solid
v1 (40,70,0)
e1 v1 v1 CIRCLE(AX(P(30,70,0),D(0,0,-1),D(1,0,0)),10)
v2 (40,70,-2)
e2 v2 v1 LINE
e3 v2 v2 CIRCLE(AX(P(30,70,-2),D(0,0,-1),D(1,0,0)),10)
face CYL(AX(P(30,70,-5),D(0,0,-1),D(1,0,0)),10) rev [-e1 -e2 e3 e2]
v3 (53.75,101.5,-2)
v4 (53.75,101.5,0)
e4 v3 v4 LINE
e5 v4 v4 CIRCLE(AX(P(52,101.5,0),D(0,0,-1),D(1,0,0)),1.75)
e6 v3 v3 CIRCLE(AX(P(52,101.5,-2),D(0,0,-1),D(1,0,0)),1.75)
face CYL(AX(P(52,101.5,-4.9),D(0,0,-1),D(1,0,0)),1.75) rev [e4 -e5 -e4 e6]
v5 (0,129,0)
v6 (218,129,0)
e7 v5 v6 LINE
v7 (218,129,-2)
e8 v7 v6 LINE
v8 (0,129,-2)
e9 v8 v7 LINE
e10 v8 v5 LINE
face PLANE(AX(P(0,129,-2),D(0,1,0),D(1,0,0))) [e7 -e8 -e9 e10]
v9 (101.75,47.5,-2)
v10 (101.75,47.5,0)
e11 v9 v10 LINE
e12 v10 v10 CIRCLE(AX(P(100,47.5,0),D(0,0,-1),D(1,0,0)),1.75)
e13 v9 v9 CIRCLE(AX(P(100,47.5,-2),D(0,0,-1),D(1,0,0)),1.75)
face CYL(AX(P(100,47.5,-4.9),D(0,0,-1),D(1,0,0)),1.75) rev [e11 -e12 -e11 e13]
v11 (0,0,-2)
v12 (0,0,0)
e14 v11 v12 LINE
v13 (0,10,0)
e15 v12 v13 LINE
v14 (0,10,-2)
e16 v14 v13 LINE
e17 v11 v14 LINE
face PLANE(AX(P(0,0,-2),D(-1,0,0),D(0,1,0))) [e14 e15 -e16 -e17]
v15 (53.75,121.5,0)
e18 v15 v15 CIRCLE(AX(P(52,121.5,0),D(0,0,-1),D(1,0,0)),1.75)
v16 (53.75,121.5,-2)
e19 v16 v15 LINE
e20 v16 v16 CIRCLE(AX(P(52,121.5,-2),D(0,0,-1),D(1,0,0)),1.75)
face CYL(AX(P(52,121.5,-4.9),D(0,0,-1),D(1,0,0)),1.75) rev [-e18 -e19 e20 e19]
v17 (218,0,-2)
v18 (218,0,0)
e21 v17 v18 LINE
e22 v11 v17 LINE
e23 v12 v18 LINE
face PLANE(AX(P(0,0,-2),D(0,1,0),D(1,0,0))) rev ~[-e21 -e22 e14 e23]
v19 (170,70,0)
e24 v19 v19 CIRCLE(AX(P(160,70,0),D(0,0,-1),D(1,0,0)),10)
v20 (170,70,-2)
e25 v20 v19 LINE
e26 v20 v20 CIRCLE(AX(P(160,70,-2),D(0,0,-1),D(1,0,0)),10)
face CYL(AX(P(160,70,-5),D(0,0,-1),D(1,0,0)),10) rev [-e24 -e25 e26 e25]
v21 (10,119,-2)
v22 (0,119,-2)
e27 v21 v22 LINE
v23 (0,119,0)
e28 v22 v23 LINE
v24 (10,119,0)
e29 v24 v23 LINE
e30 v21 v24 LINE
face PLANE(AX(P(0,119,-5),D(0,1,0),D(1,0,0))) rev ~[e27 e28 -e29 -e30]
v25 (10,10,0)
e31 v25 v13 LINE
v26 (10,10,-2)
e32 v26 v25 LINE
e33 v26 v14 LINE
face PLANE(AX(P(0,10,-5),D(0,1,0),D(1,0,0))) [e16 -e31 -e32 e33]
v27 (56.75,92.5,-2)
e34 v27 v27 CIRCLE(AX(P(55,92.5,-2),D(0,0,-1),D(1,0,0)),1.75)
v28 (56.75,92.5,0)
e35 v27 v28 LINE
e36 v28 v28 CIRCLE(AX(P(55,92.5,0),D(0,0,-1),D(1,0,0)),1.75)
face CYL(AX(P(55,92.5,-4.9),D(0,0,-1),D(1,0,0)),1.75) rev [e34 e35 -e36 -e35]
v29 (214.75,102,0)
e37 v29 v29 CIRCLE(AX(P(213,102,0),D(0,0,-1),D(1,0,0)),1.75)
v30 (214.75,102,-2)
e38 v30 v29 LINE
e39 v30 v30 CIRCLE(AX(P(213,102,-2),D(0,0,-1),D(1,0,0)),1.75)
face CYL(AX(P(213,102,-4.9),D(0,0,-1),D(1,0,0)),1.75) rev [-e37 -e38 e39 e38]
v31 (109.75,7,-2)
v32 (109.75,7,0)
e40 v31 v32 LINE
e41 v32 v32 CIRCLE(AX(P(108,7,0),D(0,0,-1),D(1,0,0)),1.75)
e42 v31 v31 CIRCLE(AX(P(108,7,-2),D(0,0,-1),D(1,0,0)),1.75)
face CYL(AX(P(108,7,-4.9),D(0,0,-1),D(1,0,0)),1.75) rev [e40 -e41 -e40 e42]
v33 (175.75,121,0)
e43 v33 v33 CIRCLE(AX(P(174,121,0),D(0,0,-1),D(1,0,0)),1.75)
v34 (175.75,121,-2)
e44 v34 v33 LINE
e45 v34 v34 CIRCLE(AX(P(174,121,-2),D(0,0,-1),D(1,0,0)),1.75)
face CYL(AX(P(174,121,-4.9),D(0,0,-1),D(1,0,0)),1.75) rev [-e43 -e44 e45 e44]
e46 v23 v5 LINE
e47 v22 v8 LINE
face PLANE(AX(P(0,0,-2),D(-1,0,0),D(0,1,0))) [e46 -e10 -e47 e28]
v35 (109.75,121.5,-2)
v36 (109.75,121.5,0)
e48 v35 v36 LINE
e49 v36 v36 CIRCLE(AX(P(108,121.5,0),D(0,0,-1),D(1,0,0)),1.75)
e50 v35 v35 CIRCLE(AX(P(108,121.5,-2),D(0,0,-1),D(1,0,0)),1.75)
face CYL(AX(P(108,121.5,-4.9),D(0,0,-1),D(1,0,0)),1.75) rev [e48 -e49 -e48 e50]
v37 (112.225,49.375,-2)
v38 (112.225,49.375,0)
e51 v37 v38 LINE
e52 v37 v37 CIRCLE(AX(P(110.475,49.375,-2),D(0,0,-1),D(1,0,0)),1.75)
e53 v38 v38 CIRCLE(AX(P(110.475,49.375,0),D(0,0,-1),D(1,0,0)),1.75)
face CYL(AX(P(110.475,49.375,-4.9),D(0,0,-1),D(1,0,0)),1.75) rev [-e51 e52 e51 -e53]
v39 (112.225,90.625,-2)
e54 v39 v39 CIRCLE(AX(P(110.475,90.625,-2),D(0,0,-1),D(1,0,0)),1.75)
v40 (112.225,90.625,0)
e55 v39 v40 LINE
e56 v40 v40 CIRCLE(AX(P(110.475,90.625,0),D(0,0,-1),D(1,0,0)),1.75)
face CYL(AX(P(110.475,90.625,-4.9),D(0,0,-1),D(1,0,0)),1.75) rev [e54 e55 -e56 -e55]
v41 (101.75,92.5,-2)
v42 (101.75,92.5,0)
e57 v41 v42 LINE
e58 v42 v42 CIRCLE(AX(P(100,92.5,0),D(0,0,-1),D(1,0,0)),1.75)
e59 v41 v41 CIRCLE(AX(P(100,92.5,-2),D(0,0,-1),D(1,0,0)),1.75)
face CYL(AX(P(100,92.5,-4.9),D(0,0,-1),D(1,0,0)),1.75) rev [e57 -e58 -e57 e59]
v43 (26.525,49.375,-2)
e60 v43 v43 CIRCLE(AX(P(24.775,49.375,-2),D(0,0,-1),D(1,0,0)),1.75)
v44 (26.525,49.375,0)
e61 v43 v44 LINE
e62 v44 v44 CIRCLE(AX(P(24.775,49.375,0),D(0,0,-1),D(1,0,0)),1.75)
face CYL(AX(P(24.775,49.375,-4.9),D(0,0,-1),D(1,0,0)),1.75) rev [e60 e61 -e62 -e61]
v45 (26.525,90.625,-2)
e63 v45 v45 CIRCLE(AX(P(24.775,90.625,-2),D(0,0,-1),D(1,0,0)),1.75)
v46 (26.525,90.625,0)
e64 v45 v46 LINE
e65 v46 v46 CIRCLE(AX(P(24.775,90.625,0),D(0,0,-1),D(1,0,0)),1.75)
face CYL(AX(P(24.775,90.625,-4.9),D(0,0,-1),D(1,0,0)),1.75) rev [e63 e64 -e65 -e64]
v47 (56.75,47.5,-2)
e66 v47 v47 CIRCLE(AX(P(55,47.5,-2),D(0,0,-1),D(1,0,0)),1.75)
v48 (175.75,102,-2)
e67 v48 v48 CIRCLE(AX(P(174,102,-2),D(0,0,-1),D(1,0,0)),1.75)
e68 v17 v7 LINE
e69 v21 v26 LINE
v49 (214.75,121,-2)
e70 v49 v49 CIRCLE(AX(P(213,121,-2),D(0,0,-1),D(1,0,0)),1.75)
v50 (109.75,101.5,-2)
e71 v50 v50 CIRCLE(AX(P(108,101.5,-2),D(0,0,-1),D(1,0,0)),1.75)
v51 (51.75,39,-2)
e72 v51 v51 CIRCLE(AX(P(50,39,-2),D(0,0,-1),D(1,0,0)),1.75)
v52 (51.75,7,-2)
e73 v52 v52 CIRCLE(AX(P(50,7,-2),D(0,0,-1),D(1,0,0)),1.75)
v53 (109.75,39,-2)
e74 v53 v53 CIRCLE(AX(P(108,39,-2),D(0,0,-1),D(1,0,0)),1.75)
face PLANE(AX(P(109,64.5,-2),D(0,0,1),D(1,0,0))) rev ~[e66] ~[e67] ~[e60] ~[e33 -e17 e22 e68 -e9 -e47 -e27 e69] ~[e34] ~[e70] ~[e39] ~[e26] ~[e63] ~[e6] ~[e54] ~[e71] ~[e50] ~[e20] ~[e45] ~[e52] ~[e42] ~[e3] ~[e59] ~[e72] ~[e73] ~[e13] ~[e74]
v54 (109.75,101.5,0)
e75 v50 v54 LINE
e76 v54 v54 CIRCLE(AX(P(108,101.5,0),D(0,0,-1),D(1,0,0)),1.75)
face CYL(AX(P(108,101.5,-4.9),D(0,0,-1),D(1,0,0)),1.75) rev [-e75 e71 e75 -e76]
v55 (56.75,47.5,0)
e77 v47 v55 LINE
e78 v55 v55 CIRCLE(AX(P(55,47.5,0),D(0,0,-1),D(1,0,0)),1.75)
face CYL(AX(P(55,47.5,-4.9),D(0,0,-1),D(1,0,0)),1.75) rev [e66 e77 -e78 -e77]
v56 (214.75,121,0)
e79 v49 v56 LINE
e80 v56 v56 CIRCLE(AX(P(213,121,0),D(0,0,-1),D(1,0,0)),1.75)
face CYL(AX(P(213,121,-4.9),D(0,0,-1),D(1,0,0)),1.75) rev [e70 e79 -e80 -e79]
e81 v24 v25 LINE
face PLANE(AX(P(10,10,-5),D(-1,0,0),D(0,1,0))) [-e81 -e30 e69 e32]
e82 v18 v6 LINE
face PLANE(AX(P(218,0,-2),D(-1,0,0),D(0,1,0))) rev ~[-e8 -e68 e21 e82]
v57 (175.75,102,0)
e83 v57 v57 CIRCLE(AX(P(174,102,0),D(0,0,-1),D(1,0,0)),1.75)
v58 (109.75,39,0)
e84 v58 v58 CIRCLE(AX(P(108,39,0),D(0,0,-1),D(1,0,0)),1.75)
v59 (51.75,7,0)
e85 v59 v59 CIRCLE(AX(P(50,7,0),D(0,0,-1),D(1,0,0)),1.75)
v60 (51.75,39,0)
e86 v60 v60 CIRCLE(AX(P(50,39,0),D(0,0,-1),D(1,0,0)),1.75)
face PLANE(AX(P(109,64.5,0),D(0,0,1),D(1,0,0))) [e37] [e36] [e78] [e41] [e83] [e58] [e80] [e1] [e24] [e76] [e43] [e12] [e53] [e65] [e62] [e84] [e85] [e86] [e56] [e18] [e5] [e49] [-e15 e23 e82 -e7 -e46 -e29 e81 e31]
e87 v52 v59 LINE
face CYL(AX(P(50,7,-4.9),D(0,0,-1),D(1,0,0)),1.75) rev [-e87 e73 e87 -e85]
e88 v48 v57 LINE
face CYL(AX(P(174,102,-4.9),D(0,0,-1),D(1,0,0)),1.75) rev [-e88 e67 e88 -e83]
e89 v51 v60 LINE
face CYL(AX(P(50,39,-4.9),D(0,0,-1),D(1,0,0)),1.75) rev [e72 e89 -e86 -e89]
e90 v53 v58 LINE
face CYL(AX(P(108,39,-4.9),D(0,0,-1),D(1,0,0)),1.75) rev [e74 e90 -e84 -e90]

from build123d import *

# Parameters (mm, degrees)
CYLINDER007_R     = 1.75
CYLINDER007_DEPTH = 5
CYLINDER006_R     = 1.75
CYLINDER006_DEPTH = 5
CYLINDER005_R     = 1.75
CYLINDER005_DEPTH = 5
CYLINDER004_R     = 1.75
CYLINDER004_DEPTH = 5
CUBE002_W         = 85
CUBE002_H         = 27
CUBE002_DEPTH     = 17
CYLINDER011_R     = 1.75
CYLINDER011_DEPTH = 5
CYLINDER010_R     = 1.75
CYLINDER010_DEPTH = 5
CYLINDER009_R     = 1.75
CYLINDER009_DEPTH = 5
CYLINDER008_R     = 1.75
CYLINDER008_DEPTH = 5
CUBE003_W         = 95.25
CUBE003_H         = 50.8
CUBE003_DEPTH     = 20.32
CYLINDER015_R     = 1.75
CYLINDER015_DEPTH = 5
CYLINDER014_R     = 1.75
CYLINDER014_DEPTH = 5
CYLINDER013_R     = 1.75
CYLINDER013_DEPTH = 5
CYLINDER012_R     = 1.75
CYLINDER012_DEPTH = 5
CUBE004_W         = 65
CUBE004_H         = 38
CUBE004_DEPTH     = 10
CUBE005_W         = 10
CUBE005_H         = 109
CUBE005_DEPTH     = 10
CYLINDER019_R     = 1.75
CYLINDER019_DEPTH = 5
CYLINDER018_R     = 1.75
CYLINDER018_DEPTH = 5
CYLINDER017_R     = 1.75
CYLINDER017_DEPTH = 5
CYLINDER016_R     = 1.75
CYLINDER016_DEPTH = 5
CUBE006_W         = 55
CUBE006_H         = 55
CUBE006_DEPTH     = 10
CYLINDER020_R     = 10
CYLINDER020_DEPTH = 20
CYLINDER021_R     = 10
CYLINDER021_DEPTH = 20
CYLINDER003_R     = 1.75
CYLINDER003_DEPTH = 5
CYLINDER002_R     = 1.75
CYLINDER002_DEPTH = 5
CYLINDER001_R     = 1.75
CYLINDER001_DEPTH = 5
CYLINDER_R        = 1.75
CYLINDER_DEPTH    = 5
CUBE001_W         = 45
CUBE001_H         = 25
CUBE001_DEPTH     = 12
CUBE_W            = 218
CUBE_H            = 129
CUBE_DEPTH        = 2


with BuildPart() as cylinder007:
    # cylinder007 → cylinder007 (new body)
    with BuildSketch(Plane(origin=(28, 10, -5), x_dir=(1, 0, 0), z_dir=(0, 0, 1))):
        Circle(CYLINDER007_R)
    extrude(amount=CYLINDER007_DEPTH)


with BuildPart() as group005:
    # cylinder006 → cylinder006 (new body)
    with BuildSketch(Plane(origin=(28, -10, -5), x_dir=(1, 0, 0), z_dir=(0, 0, 1))):
        Circle(CYLINDER006_R)
    extrude(amount=CYLINDER006_DEPTH)

    # Group005: union cylinder007
    add(cylinder007.part)


with BuildPart() as cylinder005:
    # cylinder005 → cylinder005 (new body)
    with BuildSketch(Plane(origin=(-28, 10, -5), x_dir=(1, 0, 0), z_dir=(0, 0, 1))):
        Circle(CYLINDER005_R)
    extrude(amount=CYLINDER005_DEPTH)


with BuildPart() as group006:
    # cylinder004 → cylinder004 (new body)
    with BuildSketch(Plane(origin=(-28, -10, -5), x_dir=(1, 0, 0), z_dir=(0, 0, 1))):
        Circle(CYLINDER004_R)
    extrude(amount=CYLINDER004_DEPTH)

    # Group004: union cylinder005
    add(cylinder005.part)

    # Group006: union Group005
    add(group005.part)


with BuildPart() as group007:
    # cube002 → cube002 (new body)
    with BuildSketch(Plane(origin=(-42.5, -13.5, 0), x_dir=(1, 0, 0), z_dir=(0, 0, 1))):
        with Locations((42.5, 13.5)):
            Rectangle(CUBE002_W, CUBE002_H)
    extrude(amount=CUBE002_DEPTH)

    # Group007: union Group006
    add(group006.part)


with BuildPart() as group007_1:
    # Group007 placement: moved
    add(group007.part.moved(Location((80, 111.5, 0.1))))


with BuildPart() as cylinder011:
    # cylinder011 → cylinder011 (new body)
    with BuildSketch(Plane(origin=(42.85, 20.625, -5), x_dir=(1, 0, 0), z_dir=(0, 0, 1))):
        Circle(CYLINDER011_R)
    extrude(amount=CYLINDER011_DEPTH)


with BuildPart() as group009:
    # cylinder010 → cylinder010 (new body)
    with BuildSketch(Plane(origin=(42.85, -20.625, -5), x_dir=(1, 0, 0), z_dir=(0, 0, 1))):
        Circle(CYLINDER010_R)
    extrude(amount=CYLINDER010_DEPTH)

    # Group009: union cylinder011
    add(cylinder011.part)


with BuildPart() as cylinder009:
    # cylinder009 → cylinder009 (new body)
    with BuildSketch(Plane(origin=(-42.85, 20.625, -5), x_dir=(1, 0, 0), z_dir=(0, 0, 1))):
        Circle(CYLINDER009_R)
    extrude(amount=CYLINDER009_DEPTH)


with BuildPart() as group010:
    # cylinder008 → cylinder008 (new body)
    with BuildSketch(Plane(origin=(-42.85, -20.625, -5), x_dir=(1, 0, 0), z_dir=(0, 0, 1))):
        Circle(CYLINDER008_R)
    extrude(amount=CYLINDER008_DEPTH)

    # Group008: union cylinder009
    add(cylinder009.part)

    # Group010: union Group009
    add(group009.part)


with BuildPart() as group011:
    # cube003 → cube003 (new body)
    with BuildSketch(Plane(origin=(-47.625, -25.4, 0), x_dir=(1, 0, 0), z_dir=(0, 0, 1))):
        with Locations((47.625, 25.4)):
            Rectangle(CUBE003_W, CUBE003_H)
    extrude(amount=CUBE003_DEPTH)

    # Group011: union Group010
    add(group010.part)


with BuildPart() as group011_1:
    # Group011 placement: moved
    add(group011.part.moved(Location((67.625, 70, 0.1))))


with BuildPart() as cylinder015:
    # cylinder015 → cylinder015 (new body)
    with BuildSketch(Plane(origin=(29, 16, -5), x_dir=(1, 0, 0), z_dir=(0, 0, 1))):
        Circle(CYLINDER015_R)
    extrude(amount=CYLINDER015_DEPTH)


with BuildPart() as group013:
    # cylinder014 → cylinder014 (new body)
    with BuildSketch(Plane(origin=(29, -16, -5), x_dir=(1, 0, 0), z_dir=(0, 0, 1))):
        Circle(CYLINDER014_R)
    extrude(amount=CYLINDER014_DEPTH)

    # Group013: union cylinder015
    add(cylinder015.part)


with BuildPart() as cylinder013:
    # cylinder013 → cylinder013 (new body)
    with BuildSketch(Plane(origin=(-29, 16, -5), x_dir=(1, 0, 0), z_dir=(0, 0, 1))):
        Circle(CYLINDER013_R)
    extrude(amount=CYLINDER013_DEPTH)


with BuildPart() as group014:
    # cylinder012 → cylinder012 (new body)
    with BuildSketch(Plane(origin=(-29, -16, -5), x_dir=(1, 0, 0), z_dir=(0, 0, 1))):
        Circle(CYLINDER012_R)
    extrude(amount=CYLINDER012_DEPTH)

    # Group012: union cylinder013
    add(cylinder013.part)

    # Group014: union Group013
    add(group013.part)


with BuildPart() as group015:
    # cube004 → cube004 (new body)
    with BuildSketch(Plane(origin=(-32.5, -19, 0), x_dir=(1, 0, 0), z_dir=(0, 0, 1))):
        with Locations((32.5, 19)):
            Rectangle(CUBE004_W, CUBE004_H)
    extrude(amount=CUBE004_DEPTH)

    # Group015: union Group014
    add(group014.part)


with BuildPart() as group015_1:
    # Group015 placement: moved
    add(group015.part.moved(Location((79, 23, 0.1))))


with BuildPart() as cube005:
    # cube005 → cube005 (new body)
    with BuildSketch(Plane(origin=(0, 10, -5), x_dir=(1, 0, 0), z_dir=(0, 0, 1))):
        with Locations((5, 54.5)):
            Rectangle(CUBE005_W, CUBE005_H)
    extrude(amount=CUBE005_DEPTH)


with BuildPart() as cylinder019:
    # cylinder019 → cylinder019 (new body)
    with BuildSketch(Plane(origin=(22.5, 22.5, -5), x_dir=(1, 0, 0), z_dir=(0, 0, 1))):
        Circle(CYLINDER019_R)
    extrude(amount=CYLINDER019_DEPTH)


with BuildPart() as group017:
    # cylinder018 → cylinder018 (new body)
    with BuildSketch(Plane(origin=(22.5, -22.5, -5), x_dir=(1, 0, 0), z_dir=(0, 0, 1))):
        Circle(CYLINDER018_R)
    extrude(amount=CYLINDER018_DEPTH)

    # Group017: union cylinder019
    add(cylinder019.part)


with BuildPart() as cylinder017:
    # cylinder017 → cylinder017 (new body)
    with BuildSketch(Plane(origin=(-22.5, 22.5, -5), x_dir=(1, 0, 0), z_dir=(0, 0, 1))):
        Circle(CYLINDER017_R)
    extrude(amount=CYLINDER017_DEPTH)


with BuildPart() as group018:
    # cylinder016 → cylinder016 (new body)
    with BuildSketch(Plane(origin=(-22.5, -22.5, -5), x_dir=(1, 0, 0), z_dir=(0, 0, 1))):
        Circle(CYLINDER016_R)
    extrude(amount=CYLINDER016_DEPTH)

    # Group016: union cylinder017
    add(cylinder017.part)

    # Group018: union Group017
    add(group017.part)


with BuildPart() as group019:
    # cube006 → cube006 (new body)
    with BuildSketch(Plane(origin=(-27.5, -27.5, 0), x_dir=(1, 0, 0), z_dir=(0, 0, 1))):
        with Locations((27.5, 27.5)):
            Rectangle(CUBE006_W, CUBE006_H)
    extrude(amount=CUBE006_DEPTH)

    # Group019: union Group018
    add(group018.part)


with BuildPart() as group019_1:
    # Group019 placement: moved
    add(group019.part.moved(Location((77.5, 70, 0.1))))


with BuildPart() as cylinder020:
    # cylinder020 → cylinder020 (new body)
    with BuildSketch(Plane(origin=(160, 70, -5), x_dir=(1, 0, 0), z_dir=(0, 0, 1))):
        Circle(CYLINDER020_R)
    extrude(amount=CYLINDER020_DEPTH)


with BuildPart() as cylinder021:
    # cylinder021 → cylinder021 (new body)
    with BuildSketch(Plane(origin=(30, 70, -5), x_dir=(1, 0, 0), z_dir=(0, 0, 1))):
        Circle(CYLINDER021_R)
    extrude(amount=CYLINDER021_DEPTH)


with BuildPart() as cylinder003:
    # cylinder003 → cylinder003 (new body)
    with BuildSketch(Plane(origin=(19.5, 9.5, -5), x_dir=(1, 0, 0), z_dir=(0, 0, 1))):
        Circle(CYLINDER003_R)
    extrude(amount=CYLINDER003_DEPTH)


with BuildPart() as group001:
    # cylinder002 → cylinder002 (new body)
    with BuildSketch(Plane(origin=(19.5, -9.5, -5), x_dir=(1, 0, 0), z_dir=(0, 0, 1))):
        Circle(CYLINDER002_R)
    extrude(amount=CYLINDER002_DEPTH)

    # Group001: union cylinder003
    add(cylinder003.part)


with BuildPart() as cylinder001:
    # cylinder001 → cylinder001 (new body)
    with BuildSketch(Plane(origin=(-19.5, 9.5, -5), x_dir=(1, 0, 0), z_dir=(0, 0, 1))):
        Circle(CYLINDER001_R)
    extrude(amount=CYLINDER001_DEPTH)


with BuildPart() as group002:
    # cylinder → cylinder (new body)
    with BuildSketch(Plane(origin=(-19.5, -9.5, -5), x_dir=(1, 0, 0), z_dir=(0, 0, 1))):
        Circle(CYLINDER_R)
    extrude(amount=CYLINDER_DEPTH)

    # Group: union cylinder001
    add(cylinder001.part)

    # Group002: union Group001
    add(group001.part)


with BuildPart() as union:
    # cube001 → cube001 (new body)
    with BuildSketch(Plane(origin=(-22.5, -12.5, 0), x_dir=(1, 0, 0), z_dir=(0, 0, 1))):
        with Locations((22.5, 12.5)):
            Rectangle(CUBE001_W, CUBE001_H)
    extrude(amount=CUBE001_DEPTH)

    # Group003: union Group002
    add(group002.part)


with BuildPart() as union_1:
    # Group003 placement: moved
    add(union.part.moved(Location((193.5, 111.5, 0.1))))

    # union: union Group007, Group011, Group015, cube005, Group019, cylinder020, cylinder021
    add(group007_1.part)
    add(group011_1.part)
    add(group015_1.part)
    add(cube005.part)
    add(group019_1.part)
    add(cylinder020.part)
    add(cylinder021.part)


with BuildPart() as difference:
    # cube → cube (new body)
    with BuildSketch(Plane.XY.offset(-2)):
        with Locations((109, 64.5)):
            Rectangle(CUBE_W, CUBE_H)
    extrude(amount=CUBE_DEPTH)

    # difference: cut union
    add(union_1.part, mode=Mode.SUBTRACT)


solid = difference.part
